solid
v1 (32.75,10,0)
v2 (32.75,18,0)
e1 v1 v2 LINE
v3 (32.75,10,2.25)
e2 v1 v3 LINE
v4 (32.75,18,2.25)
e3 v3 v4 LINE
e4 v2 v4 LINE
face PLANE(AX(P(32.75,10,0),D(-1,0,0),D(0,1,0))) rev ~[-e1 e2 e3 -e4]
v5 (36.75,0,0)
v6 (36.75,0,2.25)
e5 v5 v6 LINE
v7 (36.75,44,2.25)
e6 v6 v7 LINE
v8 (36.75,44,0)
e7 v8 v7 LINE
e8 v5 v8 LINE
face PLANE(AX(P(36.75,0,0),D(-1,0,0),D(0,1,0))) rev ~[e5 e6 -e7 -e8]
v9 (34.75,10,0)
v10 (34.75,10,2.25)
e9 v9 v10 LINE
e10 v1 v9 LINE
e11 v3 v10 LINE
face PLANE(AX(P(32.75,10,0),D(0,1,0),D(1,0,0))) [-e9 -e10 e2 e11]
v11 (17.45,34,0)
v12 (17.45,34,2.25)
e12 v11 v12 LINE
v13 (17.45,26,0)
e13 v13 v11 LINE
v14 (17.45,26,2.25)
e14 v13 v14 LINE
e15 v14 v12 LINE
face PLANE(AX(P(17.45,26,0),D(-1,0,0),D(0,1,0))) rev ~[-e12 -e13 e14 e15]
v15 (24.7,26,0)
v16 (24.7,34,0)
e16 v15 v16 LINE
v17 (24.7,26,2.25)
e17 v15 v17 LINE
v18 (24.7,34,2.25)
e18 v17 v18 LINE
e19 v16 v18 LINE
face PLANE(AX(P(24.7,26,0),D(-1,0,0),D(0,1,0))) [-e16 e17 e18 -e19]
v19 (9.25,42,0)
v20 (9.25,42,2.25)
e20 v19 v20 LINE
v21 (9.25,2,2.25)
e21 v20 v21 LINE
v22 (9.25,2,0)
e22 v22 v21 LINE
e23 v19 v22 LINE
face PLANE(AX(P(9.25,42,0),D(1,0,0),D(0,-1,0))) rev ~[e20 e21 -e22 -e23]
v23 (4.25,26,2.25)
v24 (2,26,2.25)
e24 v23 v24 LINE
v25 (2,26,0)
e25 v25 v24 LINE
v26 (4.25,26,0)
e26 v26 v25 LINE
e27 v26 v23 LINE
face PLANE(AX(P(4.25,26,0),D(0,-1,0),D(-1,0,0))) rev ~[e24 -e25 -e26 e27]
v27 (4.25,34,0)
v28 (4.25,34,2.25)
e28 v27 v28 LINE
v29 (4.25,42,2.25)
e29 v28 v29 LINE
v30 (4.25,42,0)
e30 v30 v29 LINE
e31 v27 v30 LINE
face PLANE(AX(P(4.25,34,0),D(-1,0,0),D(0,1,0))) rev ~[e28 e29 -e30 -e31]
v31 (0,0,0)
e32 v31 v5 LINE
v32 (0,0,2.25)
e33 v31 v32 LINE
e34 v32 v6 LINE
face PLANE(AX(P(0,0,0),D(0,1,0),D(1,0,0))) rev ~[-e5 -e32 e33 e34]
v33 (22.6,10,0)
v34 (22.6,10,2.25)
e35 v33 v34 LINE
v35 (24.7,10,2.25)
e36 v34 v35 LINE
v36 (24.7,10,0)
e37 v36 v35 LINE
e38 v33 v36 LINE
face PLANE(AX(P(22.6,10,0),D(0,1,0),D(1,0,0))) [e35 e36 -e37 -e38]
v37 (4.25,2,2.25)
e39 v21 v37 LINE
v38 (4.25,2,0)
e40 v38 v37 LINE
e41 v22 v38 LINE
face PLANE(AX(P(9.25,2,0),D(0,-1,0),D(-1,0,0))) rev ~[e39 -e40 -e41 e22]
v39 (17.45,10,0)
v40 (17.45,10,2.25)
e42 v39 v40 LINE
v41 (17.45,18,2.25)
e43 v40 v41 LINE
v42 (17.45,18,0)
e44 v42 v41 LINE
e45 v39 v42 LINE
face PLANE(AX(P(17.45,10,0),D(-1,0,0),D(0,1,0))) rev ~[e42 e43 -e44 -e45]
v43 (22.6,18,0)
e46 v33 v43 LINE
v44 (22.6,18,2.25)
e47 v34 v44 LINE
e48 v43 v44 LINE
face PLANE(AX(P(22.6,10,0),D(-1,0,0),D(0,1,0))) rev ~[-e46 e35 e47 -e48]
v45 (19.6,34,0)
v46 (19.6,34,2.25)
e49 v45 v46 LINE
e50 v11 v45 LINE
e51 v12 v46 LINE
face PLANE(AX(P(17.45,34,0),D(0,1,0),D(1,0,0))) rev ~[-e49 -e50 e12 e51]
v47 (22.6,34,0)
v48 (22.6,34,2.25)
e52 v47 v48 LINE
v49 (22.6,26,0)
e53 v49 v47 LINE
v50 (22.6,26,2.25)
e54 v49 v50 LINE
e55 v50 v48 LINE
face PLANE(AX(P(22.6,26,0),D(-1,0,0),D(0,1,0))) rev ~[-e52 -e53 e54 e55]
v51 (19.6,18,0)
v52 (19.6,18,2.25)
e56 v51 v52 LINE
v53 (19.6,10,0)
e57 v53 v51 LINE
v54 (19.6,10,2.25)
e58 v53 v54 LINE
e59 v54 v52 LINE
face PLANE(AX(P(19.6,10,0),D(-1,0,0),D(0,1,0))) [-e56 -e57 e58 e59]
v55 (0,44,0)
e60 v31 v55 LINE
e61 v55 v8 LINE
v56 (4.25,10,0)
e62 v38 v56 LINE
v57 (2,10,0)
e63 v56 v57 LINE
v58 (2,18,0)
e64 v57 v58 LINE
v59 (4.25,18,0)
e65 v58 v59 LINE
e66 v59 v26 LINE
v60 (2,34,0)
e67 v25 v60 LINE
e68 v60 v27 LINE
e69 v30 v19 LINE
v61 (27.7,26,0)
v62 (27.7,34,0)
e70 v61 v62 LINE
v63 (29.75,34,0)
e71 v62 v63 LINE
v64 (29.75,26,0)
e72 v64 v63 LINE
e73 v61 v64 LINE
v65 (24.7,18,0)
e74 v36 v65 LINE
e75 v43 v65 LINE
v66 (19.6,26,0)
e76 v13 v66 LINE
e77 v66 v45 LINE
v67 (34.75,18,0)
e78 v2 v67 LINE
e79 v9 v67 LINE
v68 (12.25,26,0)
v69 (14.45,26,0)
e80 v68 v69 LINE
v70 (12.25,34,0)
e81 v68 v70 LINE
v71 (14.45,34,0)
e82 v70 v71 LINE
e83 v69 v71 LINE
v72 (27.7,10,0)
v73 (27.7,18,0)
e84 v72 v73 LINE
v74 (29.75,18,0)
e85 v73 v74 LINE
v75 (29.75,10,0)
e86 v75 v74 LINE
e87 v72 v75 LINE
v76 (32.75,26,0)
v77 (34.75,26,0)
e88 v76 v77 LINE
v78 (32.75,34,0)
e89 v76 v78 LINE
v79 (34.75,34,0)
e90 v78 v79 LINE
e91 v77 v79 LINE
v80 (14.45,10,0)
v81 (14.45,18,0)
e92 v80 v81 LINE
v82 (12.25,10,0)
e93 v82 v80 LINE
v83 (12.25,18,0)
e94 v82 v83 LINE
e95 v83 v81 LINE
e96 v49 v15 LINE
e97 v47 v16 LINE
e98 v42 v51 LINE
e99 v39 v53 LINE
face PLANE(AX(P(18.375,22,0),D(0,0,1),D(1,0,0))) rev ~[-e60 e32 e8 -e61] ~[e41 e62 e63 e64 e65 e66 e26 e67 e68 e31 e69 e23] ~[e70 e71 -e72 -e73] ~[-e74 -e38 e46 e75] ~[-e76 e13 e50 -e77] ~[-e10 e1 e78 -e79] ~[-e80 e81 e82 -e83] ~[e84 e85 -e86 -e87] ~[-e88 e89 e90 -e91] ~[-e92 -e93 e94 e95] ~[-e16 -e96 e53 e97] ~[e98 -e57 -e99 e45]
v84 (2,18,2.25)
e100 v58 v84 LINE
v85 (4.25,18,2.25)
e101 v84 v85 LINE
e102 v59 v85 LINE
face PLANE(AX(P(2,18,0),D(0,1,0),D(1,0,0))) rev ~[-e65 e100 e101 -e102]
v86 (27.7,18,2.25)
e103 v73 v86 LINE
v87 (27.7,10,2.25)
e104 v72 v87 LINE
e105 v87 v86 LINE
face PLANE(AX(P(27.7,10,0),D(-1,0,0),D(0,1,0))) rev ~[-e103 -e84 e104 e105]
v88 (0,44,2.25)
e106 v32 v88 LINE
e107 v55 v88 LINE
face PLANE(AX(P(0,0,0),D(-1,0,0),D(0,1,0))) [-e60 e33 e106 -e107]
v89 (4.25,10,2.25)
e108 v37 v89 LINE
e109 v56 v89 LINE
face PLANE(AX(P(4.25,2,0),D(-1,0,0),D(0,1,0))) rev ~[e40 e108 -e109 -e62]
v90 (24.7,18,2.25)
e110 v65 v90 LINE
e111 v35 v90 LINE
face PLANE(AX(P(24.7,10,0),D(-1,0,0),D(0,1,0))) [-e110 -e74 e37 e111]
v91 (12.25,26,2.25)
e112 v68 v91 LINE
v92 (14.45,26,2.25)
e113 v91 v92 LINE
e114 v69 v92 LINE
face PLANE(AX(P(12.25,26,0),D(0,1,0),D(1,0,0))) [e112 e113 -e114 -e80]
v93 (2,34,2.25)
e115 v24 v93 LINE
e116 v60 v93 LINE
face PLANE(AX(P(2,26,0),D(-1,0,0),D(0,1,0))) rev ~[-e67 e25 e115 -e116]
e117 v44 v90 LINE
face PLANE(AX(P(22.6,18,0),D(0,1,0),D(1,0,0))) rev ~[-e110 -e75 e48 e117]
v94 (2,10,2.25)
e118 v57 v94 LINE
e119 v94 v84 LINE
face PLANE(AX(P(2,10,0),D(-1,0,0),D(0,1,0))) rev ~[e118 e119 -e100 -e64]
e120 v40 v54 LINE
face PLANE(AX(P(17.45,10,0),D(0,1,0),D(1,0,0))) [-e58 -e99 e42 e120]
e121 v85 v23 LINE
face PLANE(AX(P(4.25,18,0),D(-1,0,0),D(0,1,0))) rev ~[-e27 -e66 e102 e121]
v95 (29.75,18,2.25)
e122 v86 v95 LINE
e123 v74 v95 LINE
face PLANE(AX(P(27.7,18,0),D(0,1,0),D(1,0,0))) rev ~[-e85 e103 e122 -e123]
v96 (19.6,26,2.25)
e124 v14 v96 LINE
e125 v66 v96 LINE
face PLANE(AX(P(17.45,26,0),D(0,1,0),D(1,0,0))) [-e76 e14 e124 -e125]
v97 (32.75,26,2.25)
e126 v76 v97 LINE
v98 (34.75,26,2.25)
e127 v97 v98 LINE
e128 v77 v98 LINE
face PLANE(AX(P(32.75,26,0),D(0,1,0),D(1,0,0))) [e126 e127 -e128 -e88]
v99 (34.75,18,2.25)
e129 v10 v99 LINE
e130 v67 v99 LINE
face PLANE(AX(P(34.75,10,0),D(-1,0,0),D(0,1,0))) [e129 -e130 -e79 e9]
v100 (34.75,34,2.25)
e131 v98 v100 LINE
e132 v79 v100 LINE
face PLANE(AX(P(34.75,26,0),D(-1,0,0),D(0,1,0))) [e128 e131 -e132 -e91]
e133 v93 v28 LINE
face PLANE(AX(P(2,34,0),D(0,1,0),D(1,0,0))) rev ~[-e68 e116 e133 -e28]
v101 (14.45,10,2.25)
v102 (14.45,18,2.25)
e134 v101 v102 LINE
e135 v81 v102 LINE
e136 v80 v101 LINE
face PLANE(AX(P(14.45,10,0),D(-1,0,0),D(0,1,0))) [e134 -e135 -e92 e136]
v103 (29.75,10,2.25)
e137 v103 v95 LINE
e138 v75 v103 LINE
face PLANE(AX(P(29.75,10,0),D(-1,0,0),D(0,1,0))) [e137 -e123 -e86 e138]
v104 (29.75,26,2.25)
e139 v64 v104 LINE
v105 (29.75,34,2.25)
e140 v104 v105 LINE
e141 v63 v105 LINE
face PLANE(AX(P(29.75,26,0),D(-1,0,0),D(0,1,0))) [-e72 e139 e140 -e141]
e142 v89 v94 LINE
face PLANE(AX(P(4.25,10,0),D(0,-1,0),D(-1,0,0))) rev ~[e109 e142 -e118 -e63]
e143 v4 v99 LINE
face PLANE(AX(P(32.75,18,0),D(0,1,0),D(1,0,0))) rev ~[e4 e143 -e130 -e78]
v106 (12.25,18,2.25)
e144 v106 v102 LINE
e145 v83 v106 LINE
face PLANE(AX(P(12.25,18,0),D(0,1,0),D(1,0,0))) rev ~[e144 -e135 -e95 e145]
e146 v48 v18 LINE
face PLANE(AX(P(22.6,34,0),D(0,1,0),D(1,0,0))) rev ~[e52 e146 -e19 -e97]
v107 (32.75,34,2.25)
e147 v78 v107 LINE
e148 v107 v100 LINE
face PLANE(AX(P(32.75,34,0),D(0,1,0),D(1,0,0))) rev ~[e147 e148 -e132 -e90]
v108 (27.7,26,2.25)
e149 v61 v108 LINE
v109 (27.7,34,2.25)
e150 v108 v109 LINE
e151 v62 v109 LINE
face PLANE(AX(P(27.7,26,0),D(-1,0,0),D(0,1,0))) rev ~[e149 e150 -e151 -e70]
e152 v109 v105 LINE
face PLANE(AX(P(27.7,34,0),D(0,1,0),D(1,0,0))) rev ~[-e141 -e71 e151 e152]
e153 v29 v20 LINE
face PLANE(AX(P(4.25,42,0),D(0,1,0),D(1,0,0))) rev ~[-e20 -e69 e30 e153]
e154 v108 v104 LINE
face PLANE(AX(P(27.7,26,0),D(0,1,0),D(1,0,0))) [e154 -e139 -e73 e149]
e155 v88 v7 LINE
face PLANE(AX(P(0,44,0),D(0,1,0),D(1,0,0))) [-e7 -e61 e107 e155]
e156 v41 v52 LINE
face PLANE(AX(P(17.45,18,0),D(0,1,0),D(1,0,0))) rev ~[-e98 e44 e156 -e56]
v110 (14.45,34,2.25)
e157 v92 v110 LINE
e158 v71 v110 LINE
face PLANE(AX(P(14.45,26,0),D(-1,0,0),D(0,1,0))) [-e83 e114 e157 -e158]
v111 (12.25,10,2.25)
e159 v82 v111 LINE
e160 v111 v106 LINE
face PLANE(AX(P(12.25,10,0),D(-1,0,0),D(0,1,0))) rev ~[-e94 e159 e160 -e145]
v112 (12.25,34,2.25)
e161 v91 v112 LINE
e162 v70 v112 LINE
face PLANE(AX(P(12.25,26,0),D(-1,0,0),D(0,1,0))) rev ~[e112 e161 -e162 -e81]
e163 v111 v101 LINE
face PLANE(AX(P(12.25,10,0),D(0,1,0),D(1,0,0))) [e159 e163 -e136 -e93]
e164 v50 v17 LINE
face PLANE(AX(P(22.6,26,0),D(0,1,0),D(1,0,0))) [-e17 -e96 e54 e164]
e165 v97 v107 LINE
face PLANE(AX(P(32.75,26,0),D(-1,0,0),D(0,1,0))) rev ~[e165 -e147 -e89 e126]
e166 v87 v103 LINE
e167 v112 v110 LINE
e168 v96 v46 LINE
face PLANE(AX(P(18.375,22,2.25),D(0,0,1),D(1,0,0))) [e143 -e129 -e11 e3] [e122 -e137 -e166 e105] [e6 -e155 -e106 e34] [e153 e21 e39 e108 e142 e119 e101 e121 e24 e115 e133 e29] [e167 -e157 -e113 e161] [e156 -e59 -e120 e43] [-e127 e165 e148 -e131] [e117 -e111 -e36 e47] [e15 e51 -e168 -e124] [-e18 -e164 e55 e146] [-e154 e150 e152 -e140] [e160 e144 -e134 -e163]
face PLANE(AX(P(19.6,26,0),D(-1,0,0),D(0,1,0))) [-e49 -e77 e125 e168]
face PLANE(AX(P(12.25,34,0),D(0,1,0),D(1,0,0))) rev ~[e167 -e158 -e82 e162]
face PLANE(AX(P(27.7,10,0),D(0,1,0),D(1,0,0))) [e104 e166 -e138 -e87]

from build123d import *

# Parameters (mm, degrees)
F0_W     = 36.75
F0_H     = 44
F0_W_2   = 2.2
F0_H_2   = 8
F0_W_3   = 2.15
F0_W_4   = 2.1
F0_W_5   = 2.05
F0_W_6   = 2
F1_DEPTH = 2.25


with BuildPart() as f1:
    # F0 (on Top) → F1 (new body)
    with BuildSketch(Plane.XY):
        with Locations((18.375, 22)):
            Rectangle(F0_W, F0_H)
        with Locations((13.35, 14)):
            Rectangle(F0_W_2, F0_H_2, mode=Mode.SUBTRACT)
        with Locations((18.525, 14)):
            Rectangle(F0_W_3, F0_H_2, mode=Mode.SUBTRACT)
        with Locations((23.65, 14)):
            Rectangle(F0_W_4, F0_H_2, mode=Mode.SUBTRACT)
        with Locations((28.725, 14)):
            Rectangle(F0_W_5, F0_H_2, mode=Mode.SUBTRACT)
        with Locations((33.75, 14)):
            Rectangle(F0_W_6, F0_H_2, mode=Mode.SUBTRACT)
        Polygon((9.25, 2), (4.25, 2), (4.25, 10), (2, 10), (2, 18), (4.25, 18), (4.25, 26), (2, 26), (2, 34), (4.25, 34), (4.25, 42), (9.25, 42), align=None, mode=Mode.SUBTRACT)
        with Locations((13.35, 30)):
            Rectangle(F0_W_2, F0_H_2, mode=Mode.SUBTRACT)
        with Locations((18.525, 30)):
            Rectangle(F0_W_3, F0_H_2, mode=Mode.SUBTRACT)
        with Locations((23.65, 30)):
            Rectangle(F0_W_4, F0_H_2, mode=Mode.SUBTRACT)
        with Locations((28.725, 30)):
            Rectangle(F0_W_5, F0_H_2, mode=Mode.SUBTRACT)
        with Locations((33.75, 30)):
            Rectangle(F0_W_6, F0_H_2, mode=Mode.SUBTRACT)
    extrude(amount=F1_DEPTH)


solid = f1.part
